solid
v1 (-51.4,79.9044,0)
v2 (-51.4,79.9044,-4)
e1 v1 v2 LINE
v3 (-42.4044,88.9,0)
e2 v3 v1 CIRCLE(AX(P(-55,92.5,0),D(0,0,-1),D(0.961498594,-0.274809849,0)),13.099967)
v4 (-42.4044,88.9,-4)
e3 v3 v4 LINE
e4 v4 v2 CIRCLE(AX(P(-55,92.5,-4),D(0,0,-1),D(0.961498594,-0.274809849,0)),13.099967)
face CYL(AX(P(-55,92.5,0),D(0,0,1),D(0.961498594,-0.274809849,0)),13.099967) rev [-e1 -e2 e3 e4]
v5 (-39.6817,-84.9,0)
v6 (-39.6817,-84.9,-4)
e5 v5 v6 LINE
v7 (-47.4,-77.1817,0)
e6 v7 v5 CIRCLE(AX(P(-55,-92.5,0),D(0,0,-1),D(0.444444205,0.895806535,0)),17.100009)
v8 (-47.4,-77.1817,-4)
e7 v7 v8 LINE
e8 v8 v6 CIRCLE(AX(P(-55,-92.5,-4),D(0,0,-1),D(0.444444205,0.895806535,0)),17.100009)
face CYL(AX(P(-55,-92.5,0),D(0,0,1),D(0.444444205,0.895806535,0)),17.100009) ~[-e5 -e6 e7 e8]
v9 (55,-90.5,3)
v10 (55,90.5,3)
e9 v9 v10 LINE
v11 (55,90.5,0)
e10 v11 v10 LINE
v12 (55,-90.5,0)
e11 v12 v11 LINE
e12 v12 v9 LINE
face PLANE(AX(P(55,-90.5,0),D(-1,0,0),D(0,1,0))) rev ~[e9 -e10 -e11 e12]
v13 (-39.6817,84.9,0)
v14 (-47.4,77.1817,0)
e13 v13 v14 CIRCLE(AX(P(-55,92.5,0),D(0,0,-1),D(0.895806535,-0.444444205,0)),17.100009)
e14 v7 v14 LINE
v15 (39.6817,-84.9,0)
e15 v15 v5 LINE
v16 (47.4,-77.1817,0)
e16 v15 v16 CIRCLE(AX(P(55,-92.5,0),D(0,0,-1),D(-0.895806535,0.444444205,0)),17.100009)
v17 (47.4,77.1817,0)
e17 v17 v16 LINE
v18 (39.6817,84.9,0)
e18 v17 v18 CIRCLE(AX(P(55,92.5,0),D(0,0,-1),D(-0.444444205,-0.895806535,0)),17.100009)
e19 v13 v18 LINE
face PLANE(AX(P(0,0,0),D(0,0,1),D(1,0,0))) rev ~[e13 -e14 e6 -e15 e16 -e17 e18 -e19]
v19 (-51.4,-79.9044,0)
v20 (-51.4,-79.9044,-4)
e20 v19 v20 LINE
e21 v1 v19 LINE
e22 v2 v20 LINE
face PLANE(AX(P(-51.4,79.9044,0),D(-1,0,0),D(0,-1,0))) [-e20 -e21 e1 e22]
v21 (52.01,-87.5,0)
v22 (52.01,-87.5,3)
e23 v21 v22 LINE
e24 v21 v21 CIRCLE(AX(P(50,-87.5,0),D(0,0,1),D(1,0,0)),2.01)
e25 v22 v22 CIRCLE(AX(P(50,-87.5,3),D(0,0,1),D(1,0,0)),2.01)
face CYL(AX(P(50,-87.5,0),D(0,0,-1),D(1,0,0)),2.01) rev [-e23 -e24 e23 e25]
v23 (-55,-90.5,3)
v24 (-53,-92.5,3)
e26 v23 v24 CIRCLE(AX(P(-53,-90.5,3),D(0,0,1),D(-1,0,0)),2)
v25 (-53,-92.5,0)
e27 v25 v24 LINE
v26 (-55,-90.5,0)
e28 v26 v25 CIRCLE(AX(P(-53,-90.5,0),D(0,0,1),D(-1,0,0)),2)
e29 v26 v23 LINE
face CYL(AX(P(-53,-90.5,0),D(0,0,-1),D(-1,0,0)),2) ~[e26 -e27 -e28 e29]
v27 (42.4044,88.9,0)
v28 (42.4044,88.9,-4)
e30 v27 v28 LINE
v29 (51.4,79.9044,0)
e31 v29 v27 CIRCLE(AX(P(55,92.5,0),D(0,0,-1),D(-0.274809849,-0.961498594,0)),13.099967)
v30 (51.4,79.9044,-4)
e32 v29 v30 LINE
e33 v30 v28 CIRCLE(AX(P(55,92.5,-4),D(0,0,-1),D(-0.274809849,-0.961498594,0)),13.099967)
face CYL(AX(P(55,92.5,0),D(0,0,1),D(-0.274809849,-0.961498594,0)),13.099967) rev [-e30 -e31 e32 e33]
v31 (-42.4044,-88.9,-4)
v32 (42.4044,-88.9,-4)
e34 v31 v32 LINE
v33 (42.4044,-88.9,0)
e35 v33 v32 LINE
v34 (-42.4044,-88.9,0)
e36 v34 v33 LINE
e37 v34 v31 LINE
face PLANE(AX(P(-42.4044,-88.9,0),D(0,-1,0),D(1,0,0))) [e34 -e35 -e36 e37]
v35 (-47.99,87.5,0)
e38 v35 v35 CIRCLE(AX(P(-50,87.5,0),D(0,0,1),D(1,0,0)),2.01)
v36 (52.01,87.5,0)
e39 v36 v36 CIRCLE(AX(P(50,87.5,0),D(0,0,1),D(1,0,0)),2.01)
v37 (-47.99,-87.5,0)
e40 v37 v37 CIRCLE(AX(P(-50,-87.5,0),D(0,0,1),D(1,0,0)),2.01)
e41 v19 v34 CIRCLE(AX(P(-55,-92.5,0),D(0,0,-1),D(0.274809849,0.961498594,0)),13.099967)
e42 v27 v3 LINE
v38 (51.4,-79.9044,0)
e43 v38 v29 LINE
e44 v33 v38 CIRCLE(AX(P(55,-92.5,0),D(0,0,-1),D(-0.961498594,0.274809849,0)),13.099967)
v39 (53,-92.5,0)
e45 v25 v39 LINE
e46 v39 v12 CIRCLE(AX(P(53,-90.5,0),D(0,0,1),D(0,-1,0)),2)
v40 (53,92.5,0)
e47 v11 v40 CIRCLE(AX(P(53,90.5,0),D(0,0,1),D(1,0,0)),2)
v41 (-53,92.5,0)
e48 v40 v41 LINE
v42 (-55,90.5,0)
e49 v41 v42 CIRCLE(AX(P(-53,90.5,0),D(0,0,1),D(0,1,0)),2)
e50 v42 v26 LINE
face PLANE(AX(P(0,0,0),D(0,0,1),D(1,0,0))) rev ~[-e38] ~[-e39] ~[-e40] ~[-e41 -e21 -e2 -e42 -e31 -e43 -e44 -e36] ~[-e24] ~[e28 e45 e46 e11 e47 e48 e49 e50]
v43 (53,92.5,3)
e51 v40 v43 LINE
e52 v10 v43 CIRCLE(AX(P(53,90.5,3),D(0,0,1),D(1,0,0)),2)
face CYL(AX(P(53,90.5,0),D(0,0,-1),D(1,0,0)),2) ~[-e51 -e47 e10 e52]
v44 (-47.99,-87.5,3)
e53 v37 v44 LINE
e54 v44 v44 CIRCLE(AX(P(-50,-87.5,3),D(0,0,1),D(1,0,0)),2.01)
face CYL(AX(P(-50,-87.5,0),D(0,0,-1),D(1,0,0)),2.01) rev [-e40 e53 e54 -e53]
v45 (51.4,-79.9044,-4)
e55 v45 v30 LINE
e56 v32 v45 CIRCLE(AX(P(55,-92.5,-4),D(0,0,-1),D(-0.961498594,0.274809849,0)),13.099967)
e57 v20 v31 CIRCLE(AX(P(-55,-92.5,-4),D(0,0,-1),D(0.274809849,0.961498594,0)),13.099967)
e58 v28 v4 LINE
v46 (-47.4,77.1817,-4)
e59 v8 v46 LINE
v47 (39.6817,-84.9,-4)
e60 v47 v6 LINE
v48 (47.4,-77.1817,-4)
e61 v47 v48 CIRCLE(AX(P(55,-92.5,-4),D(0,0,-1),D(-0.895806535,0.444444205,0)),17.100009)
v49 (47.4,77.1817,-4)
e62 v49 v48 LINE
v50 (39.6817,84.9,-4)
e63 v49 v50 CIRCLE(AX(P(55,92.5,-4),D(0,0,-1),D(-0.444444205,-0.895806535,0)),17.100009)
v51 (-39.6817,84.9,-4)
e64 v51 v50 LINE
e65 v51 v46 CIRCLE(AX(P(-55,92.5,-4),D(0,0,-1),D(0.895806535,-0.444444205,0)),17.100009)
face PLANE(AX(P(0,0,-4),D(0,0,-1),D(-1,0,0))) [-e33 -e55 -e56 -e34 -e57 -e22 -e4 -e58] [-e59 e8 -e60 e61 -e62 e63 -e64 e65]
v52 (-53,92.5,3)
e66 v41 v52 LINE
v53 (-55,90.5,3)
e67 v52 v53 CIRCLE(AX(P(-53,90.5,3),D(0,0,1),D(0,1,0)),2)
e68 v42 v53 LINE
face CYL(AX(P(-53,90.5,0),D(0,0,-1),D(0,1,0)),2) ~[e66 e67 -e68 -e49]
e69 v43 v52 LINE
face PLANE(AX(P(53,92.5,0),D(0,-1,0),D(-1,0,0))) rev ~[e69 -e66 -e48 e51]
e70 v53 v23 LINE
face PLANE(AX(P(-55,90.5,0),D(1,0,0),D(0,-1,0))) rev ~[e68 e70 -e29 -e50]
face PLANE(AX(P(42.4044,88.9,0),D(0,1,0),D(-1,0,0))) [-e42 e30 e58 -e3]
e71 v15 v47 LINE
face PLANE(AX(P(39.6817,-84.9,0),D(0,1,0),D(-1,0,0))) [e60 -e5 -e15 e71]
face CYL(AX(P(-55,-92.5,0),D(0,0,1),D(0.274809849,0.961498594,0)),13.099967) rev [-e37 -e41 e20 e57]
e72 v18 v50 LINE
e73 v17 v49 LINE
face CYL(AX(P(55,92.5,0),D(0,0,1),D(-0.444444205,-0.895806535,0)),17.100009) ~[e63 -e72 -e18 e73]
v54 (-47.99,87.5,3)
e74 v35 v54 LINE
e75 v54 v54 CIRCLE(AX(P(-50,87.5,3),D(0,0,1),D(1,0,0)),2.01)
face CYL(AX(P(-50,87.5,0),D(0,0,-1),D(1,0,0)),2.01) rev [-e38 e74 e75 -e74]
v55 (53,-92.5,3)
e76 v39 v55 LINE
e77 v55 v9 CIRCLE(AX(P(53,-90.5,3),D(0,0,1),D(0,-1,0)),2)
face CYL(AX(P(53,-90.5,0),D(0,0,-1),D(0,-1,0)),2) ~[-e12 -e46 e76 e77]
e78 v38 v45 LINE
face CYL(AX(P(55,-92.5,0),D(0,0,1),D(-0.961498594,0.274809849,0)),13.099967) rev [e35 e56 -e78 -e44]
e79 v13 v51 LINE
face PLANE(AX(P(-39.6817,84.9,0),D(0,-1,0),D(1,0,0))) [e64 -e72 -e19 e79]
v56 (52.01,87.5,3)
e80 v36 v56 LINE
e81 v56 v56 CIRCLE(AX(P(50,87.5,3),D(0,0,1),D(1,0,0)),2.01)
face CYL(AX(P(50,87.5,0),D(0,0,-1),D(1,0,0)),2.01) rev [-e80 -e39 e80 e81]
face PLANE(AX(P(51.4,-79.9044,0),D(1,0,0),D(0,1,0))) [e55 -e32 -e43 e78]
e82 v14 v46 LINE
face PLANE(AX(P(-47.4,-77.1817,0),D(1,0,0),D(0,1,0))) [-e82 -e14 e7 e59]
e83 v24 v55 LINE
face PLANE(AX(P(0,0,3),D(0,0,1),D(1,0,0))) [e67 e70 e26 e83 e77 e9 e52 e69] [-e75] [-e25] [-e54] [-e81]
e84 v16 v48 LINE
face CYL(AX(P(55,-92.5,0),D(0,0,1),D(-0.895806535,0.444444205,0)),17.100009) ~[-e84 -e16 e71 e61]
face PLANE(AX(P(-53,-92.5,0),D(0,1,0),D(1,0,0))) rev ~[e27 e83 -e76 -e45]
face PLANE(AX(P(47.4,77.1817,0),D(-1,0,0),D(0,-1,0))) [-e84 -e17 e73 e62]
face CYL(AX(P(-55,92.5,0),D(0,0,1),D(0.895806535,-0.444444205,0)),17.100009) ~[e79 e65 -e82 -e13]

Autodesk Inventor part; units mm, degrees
ref_plane "YZ Plane" through (0, 0, 0) normal (1, 0, 0) x (0, 1, 0)
ref_plane "XZ Plane" through (0, 0, 0) normal (0, 1, 0) x (-1, 0, 0)
ref_plane "XY Plane" through (0, 0, 0) normal (0, 0, 1) x (1, 0, 0)
sketch "Sketch1" plane through (0, 0, 0) normal (0, 0, 1) x (1, 0, 0)
  circle A0 centre (50, 87.5) radius 2.01 projected
  circle A1 centre (50, -87.5) radius 2.01 projected
  line L0 (55, -90.5) -> (55, 90.5) projected
  arc A2 (55, 90.5) -> (53, 92.5) centre (53, 90.5) ccw projected
  line L1 (53, 92.5) -> (-53, 92.5) projected
  arc A3 (-53, 92.5) -> (-55, 90.5) centre (-53, 90.5) ccw projected
  line L2 (-55, 90.5) -> (-55, -90.5) projected
  arc A4 (-55, -90.5) -> (-53, -92.5) centre (-53, -90.5) ccw projected
  line L3 (-53, -92.5) -> (53, -92.5) projected
  arc A5 (53, -92.5) -> (55, -90.5) centre (53, -90.5) ccw projected
  circle A6 centre (-50, 87.5) radius 2.01 projected
  circle A7 centre (-50, -87.5) radius 2.01 projected
ref_plane "Work Plane1" through (0, 0, 0) normal (0, 0, -1) x (-1, 0, 0)
sketch "Sketch2" plane through (0, 0, 0) normal (0, 0, -1) x (-1, 0, 0)
  arc A0 (42.8653, 89.5) -> (52, 80.3653) centre (55, 92.5) ccw projected
  line L0 (42.8653, 89.5) -> (-42.8653, 89.5) projected
  arc A1 (-52, 80.3653) -> (-42.8653, 89.5) centre (-55, 92.5) ccw projected
  line L1 (-52, 80.3653) -> (-52, -80.3653) projected
  line L2 (52, -80.3653) -> (52, 80.3653) projected
  arc A2 (52, -80.3653) -> (42.8653, -89.5) centre (55, -92.5) ccw projected
  line L3 (-42.8653, -89.5) -> (42.8653, -89.5) projected
  arc A3 (-42.8653, -89.5) -> (-52, -80.3653) centre (-55, -92.5) ccw projected
  line L4 (-42.4044, 88.9) -> (42.4044, 88.9)
  arc A4 (42.4044, 88.9) -> (51.4, 79.9044) centre (55, 92.5) ccw
  line L5 (51.4, 79.9044) -> (51.4, -79.9044)
  arc A5 (51.4, -79.9044) -> (42.4044, -88.9) centre (55, -92.5) ccw
  line L6 (42.4044, -88.9) -> (-42.4044, -88.9)
  arc A6 (-42.4044, -88.9) -> (-51.4, -79.9044) centre (-55, -92.5) ccw
  line L7 (-51.4, -79.9044) -> (-51.4, 79.9044)
  arc A7 (-51.4, 79.9044) -> (-42.4044, 88.9) centre (-55, 92.5) ccw
  line L8 (39.6817, 84.9) -> (-39.6817, 84.9)
  arc A8 (-47.4, 77.1817) -> (-39.6817, 84.9) centre (-55, 92.5) ccw
  line L9 (-47.4, 77.1817) -> (-47.4, -77.1817)
  arc A9 (-39.6817, -84.9) -> (-47.4, -77.1817) centre (-55, -92.5) ccw
  line L10 (-39.6817, -84.9) -> (39.6817, -84.9)
  arc A10 (47.4, -77.1817) -> (39.6817, -84.9) centre (55, -92.5) ccw
  line L11 (47.4, -77.1817) -> (47.4, 77.1817)
  arc A11 (39.6817, 84.9) -> (47.4, 77.1817) centre (55, 92.5) ccw
  point P0 (-50, -92.5)
  point P1 (50, -92.5)
  point P2 (50, 92.5)
  point P3 (-50, 92.5)
  dimension "d11" = 0.6
  dimension "d12" = 4
extrude "Extrusion2" add sketch "Sketch2" along normal blind 4 contours L4 A4 L5 A5 L6 A6 L7 A7
extrude "Extrusion3" add sketch "Sketch1" along normal blind 3
properties part number "Tampa caixa principal"
